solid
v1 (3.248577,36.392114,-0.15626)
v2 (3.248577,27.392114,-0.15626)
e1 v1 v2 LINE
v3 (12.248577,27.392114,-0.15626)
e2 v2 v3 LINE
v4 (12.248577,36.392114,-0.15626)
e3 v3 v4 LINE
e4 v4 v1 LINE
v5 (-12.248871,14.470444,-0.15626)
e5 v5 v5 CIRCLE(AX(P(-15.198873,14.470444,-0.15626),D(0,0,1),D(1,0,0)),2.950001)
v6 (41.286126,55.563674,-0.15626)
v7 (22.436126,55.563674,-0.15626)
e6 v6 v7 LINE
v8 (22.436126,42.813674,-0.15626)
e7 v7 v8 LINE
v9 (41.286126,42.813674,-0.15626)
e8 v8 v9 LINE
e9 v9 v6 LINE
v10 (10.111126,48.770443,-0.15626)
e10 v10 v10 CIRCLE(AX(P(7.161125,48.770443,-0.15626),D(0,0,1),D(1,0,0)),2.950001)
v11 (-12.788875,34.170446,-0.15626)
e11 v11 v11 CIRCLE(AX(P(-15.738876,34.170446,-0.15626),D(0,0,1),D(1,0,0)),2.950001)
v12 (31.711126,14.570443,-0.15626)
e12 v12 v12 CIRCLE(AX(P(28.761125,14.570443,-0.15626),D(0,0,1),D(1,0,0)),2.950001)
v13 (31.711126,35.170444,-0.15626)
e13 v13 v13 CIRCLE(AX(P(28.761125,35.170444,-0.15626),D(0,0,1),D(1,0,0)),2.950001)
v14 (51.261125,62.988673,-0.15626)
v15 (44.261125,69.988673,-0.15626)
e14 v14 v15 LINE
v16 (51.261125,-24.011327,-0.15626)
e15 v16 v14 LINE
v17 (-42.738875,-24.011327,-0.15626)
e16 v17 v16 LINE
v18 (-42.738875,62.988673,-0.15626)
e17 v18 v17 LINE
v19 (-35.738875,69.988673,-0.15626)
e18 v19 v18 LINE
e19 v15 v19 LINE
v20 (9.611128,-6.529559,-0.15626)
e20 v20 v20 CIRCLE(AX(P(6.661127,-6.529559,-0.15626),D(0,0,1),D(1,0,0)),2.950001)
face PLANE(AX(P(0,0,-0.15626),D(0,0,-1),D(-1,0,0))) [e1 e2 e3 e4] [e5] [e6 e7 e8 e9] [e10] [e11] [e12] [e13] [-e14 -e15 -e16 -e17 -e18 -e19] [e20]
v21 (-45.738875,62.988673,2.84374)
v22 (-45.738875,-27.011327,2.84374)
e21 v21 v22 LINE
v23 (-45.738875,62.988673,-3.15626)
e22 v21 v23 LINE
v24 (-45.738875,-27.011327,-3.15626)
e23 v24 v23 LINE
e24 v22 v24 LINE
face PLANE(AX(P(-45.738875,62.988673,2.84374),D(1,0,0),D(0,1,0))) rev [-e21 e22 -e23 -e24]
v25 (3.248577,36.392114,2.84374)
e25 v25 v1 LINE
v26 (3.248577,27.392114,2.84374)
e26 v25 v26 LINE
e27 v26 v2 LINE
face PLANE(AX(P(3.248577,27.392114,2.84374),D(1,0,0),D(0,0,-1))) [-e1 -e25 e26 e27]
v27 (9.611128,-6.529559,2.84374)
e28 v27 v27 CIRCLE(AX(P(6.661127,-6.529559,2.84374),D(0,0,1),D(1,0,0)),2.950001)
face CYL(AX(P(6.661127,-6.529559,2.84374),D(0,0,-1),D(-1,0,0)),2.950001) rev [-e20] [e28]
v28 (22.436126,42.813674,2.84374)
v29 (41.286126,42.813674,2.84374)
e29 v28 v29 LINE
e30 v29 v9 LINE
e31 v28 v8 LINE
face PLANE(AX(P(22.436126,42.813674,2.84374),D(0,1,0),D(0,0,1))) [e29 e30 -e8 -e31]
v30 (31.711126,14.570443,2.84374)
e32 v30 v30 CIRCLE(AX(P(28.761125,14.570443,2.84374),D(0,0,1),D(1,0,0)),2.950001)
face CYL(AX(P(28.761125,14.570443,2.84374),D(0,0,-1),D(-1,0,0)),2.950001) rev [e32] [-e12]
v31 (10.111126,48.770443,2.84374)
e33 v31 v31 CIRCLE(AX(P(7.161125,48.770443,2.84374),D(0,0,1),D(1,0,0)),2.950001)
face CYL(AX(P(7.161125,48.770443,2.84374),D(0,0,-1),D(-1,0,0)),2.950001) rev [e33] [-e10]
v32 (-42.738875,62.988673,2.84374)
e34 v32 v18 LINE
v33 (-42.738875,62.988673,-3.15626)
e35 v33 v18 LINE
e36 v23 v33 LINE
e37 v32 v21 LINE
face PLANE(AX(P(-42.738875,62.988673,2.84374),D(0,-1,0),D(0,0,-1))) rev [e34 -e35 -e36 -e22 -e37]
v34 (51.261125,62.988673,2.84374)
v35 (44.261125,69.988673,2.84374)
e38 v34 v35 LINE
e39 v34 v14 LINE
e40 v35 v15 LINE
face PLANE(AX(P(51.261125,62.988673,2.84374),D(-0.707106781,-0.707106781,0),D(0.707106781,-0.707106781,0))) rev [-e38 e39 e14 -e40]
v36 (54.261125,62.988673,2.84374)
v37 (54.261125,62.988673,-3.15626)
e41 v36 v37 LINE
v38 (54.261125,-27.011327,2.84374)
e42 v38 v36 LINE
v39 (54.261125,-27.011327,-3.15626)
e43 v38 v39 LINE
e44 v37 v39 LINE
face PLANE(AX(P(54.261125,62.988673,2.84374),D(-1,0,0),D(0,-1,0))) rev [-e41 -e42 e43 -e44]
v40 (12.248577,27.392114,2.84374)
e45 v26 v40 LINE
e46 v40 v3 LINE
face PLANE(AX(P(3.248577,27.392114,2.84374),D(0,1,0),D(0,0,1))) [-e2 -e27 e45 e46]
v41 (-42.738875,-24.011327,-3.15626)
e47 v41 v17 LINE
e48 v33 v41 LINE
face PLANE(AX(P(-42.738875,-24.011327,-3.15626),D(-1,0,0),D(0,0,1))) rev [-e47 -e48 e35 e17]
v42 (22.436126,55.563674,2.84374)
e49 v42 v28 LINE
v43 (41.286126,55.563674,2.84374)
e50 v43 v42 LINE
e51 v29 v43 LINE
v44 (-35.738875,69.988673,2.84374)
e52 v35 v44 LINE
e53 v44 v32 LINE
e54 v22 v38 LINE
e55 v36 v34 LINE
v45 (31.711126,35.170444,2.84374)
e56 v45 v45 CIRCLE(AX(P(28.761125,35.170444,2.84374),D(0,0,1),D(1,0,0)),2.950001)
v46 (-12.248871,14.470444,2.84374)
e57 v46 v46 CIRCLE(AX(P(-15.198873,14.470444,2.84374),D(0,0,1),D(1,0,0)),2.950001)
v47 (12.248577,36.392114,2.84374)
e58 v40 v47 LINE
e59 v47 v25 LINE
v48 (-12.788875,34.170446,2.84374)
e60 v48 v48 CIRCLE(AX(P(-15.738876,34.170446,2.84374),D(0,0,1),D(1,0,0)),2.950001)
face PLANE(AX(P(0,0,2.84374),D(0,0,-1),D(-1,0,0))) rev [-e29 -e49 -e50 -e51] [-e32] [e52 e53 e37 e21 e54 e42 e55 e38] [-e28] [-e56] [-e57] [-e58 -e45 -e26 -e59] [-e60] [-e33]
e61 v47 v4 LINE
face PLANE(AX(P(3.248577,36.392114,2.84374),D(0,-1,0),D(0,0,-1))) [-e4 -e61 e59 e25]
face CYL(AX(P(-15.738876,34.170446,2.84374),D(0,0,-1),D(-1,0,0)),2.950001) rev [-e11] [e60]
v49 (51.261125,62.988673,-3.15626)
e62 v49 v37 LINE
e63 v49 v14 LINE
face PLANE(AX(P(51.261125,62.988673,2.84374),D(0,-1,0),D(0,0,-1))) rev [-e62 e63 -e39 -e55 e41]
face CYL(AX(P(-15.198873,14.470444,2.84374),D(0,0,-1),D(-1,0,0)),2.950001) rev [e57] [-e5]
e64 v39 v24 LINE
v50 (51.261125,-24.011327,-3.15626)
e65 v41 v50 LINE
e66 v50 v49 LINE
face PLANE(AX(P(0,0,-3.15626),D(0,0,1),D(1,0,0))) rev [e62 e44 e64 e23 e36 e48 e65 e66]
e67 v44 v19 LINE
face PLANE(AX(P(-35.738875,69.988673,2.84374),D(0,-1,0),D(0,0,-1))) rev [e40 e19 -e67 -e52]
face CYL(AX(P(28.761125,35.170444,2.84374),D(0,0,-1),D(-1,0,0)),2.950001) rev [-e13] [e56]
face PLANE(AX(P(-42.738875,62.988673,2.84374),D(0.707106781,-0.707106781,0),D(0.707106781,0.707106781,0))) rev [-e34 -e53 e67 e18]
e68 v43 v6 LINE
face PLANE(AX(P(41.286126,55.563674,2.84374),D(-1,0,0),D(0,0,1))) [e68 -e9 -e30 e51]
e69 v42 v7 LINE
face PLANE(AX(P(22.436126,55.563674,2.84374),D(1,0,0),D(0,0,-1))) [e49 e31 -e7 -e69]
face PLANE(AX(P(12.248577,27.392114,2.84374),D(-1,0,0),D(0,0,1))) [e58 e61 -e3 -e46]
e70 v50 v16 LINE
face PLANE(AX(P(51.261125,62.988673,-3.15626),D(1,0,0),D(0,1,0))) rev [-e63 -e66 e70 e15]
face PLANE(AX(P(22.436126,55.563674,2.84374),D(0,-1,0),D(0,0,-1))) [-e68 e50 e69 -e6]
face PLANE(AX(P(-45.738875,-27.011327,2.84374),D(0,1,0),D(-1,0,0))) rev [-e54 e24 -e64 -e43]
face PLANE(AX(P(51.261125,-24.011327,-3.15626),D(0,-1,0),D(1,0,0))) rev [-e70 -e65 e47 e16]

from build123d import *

# Parameters (mm, degrees)
CROQUIS1_R              = 2.950001172
CROQUIS1_W              = 9
CROQUIS1_H              = 9
CROQUIS1_W_2            = 18.849999644
CROQUIS1_H_2            = 12.749999762
SALIENTE_EXTRUIR1_DEPTH = 3
SALIENTE_EXTRUIR6_DEPTH = 3


with BuildPart() as part:
    # Croquis1 → Saliente-Extruir1 (new body)
    with BuildSketch(Plane.XY.offset(-0.156260387)):
        Polygon((51.261125499, 62.988673094), (44.261125499, 69.988673094), (-35.738874501, 69.988673094), (-42.738874501, 62.988673094), (-45.738874501, 62.988673094), (-45.738874501, -27.011326906), (54.261125499, -27.011326906), (54.261125499, 62.988673094), align=None)
        with Locations((7.161124531, 48.770443145)):
            Circle(CROQUIS1_R, mode=Mode.SUBTRACT)
        with Locations((28.761125092, 35.170443896)):
            Circle(CROQUIS1_R, mode=Mode.SUBTRACT)
        with Locations((28.761125092, 14.5704435)):
            Circle(CROQUIS1_R, mode=Mode.SUBTRACT)
        with Locations((6.661127243, -6.529559074)):
            Circle(CROQUIS1_R, mode=Mode.SUBTRACT)
        with Locations((-15.198872503, 14.470443669)):
            Circle(CROQUIS1_R, mode=Mode.SUBTRACT)
        with Locations((-15.738875683, 34.170445595)):
            Circle(CROQUIS1_R, mode=Mode.SUBTRACT)
        with Locations((7.748576734, 31.892113927)):
            Rectangle(CROQUIS1_W, CROQUIS1_H, mode=Mode.SUBTRACT)
        with Locations((31.861125879, 49.188674036)):
            Rectangle(CROQUIS1_W_2, CROQUIS1_H_2, mode=Mode.SUBTRACT)
    extrude(amount=SALIENTE_EXTRUIR1_DEPTH)

    # Croquis9 → Saliente-Extruir6 (add)
    with BuildSketch(Plane(origin=(0, 0, -0.156260387), x_dir=(-1, 0, 0), z_dir=(0, 0, -1))):
        Polygon((-54.261125499, 62.988673094), (-51.261125499, 62.988673094), (-51.261125499, -24.011326906), (42.738874501, -24.011326906), (42.738874501, 62.988673094), (45.738874501, 62.988673094), (45.738874501, -27.011326906), (-54.261125499, -27.011326906), align=None)
    extrude(amount=SALIENTE_EXTRUIR6_DEPTH)


solid = part.part
